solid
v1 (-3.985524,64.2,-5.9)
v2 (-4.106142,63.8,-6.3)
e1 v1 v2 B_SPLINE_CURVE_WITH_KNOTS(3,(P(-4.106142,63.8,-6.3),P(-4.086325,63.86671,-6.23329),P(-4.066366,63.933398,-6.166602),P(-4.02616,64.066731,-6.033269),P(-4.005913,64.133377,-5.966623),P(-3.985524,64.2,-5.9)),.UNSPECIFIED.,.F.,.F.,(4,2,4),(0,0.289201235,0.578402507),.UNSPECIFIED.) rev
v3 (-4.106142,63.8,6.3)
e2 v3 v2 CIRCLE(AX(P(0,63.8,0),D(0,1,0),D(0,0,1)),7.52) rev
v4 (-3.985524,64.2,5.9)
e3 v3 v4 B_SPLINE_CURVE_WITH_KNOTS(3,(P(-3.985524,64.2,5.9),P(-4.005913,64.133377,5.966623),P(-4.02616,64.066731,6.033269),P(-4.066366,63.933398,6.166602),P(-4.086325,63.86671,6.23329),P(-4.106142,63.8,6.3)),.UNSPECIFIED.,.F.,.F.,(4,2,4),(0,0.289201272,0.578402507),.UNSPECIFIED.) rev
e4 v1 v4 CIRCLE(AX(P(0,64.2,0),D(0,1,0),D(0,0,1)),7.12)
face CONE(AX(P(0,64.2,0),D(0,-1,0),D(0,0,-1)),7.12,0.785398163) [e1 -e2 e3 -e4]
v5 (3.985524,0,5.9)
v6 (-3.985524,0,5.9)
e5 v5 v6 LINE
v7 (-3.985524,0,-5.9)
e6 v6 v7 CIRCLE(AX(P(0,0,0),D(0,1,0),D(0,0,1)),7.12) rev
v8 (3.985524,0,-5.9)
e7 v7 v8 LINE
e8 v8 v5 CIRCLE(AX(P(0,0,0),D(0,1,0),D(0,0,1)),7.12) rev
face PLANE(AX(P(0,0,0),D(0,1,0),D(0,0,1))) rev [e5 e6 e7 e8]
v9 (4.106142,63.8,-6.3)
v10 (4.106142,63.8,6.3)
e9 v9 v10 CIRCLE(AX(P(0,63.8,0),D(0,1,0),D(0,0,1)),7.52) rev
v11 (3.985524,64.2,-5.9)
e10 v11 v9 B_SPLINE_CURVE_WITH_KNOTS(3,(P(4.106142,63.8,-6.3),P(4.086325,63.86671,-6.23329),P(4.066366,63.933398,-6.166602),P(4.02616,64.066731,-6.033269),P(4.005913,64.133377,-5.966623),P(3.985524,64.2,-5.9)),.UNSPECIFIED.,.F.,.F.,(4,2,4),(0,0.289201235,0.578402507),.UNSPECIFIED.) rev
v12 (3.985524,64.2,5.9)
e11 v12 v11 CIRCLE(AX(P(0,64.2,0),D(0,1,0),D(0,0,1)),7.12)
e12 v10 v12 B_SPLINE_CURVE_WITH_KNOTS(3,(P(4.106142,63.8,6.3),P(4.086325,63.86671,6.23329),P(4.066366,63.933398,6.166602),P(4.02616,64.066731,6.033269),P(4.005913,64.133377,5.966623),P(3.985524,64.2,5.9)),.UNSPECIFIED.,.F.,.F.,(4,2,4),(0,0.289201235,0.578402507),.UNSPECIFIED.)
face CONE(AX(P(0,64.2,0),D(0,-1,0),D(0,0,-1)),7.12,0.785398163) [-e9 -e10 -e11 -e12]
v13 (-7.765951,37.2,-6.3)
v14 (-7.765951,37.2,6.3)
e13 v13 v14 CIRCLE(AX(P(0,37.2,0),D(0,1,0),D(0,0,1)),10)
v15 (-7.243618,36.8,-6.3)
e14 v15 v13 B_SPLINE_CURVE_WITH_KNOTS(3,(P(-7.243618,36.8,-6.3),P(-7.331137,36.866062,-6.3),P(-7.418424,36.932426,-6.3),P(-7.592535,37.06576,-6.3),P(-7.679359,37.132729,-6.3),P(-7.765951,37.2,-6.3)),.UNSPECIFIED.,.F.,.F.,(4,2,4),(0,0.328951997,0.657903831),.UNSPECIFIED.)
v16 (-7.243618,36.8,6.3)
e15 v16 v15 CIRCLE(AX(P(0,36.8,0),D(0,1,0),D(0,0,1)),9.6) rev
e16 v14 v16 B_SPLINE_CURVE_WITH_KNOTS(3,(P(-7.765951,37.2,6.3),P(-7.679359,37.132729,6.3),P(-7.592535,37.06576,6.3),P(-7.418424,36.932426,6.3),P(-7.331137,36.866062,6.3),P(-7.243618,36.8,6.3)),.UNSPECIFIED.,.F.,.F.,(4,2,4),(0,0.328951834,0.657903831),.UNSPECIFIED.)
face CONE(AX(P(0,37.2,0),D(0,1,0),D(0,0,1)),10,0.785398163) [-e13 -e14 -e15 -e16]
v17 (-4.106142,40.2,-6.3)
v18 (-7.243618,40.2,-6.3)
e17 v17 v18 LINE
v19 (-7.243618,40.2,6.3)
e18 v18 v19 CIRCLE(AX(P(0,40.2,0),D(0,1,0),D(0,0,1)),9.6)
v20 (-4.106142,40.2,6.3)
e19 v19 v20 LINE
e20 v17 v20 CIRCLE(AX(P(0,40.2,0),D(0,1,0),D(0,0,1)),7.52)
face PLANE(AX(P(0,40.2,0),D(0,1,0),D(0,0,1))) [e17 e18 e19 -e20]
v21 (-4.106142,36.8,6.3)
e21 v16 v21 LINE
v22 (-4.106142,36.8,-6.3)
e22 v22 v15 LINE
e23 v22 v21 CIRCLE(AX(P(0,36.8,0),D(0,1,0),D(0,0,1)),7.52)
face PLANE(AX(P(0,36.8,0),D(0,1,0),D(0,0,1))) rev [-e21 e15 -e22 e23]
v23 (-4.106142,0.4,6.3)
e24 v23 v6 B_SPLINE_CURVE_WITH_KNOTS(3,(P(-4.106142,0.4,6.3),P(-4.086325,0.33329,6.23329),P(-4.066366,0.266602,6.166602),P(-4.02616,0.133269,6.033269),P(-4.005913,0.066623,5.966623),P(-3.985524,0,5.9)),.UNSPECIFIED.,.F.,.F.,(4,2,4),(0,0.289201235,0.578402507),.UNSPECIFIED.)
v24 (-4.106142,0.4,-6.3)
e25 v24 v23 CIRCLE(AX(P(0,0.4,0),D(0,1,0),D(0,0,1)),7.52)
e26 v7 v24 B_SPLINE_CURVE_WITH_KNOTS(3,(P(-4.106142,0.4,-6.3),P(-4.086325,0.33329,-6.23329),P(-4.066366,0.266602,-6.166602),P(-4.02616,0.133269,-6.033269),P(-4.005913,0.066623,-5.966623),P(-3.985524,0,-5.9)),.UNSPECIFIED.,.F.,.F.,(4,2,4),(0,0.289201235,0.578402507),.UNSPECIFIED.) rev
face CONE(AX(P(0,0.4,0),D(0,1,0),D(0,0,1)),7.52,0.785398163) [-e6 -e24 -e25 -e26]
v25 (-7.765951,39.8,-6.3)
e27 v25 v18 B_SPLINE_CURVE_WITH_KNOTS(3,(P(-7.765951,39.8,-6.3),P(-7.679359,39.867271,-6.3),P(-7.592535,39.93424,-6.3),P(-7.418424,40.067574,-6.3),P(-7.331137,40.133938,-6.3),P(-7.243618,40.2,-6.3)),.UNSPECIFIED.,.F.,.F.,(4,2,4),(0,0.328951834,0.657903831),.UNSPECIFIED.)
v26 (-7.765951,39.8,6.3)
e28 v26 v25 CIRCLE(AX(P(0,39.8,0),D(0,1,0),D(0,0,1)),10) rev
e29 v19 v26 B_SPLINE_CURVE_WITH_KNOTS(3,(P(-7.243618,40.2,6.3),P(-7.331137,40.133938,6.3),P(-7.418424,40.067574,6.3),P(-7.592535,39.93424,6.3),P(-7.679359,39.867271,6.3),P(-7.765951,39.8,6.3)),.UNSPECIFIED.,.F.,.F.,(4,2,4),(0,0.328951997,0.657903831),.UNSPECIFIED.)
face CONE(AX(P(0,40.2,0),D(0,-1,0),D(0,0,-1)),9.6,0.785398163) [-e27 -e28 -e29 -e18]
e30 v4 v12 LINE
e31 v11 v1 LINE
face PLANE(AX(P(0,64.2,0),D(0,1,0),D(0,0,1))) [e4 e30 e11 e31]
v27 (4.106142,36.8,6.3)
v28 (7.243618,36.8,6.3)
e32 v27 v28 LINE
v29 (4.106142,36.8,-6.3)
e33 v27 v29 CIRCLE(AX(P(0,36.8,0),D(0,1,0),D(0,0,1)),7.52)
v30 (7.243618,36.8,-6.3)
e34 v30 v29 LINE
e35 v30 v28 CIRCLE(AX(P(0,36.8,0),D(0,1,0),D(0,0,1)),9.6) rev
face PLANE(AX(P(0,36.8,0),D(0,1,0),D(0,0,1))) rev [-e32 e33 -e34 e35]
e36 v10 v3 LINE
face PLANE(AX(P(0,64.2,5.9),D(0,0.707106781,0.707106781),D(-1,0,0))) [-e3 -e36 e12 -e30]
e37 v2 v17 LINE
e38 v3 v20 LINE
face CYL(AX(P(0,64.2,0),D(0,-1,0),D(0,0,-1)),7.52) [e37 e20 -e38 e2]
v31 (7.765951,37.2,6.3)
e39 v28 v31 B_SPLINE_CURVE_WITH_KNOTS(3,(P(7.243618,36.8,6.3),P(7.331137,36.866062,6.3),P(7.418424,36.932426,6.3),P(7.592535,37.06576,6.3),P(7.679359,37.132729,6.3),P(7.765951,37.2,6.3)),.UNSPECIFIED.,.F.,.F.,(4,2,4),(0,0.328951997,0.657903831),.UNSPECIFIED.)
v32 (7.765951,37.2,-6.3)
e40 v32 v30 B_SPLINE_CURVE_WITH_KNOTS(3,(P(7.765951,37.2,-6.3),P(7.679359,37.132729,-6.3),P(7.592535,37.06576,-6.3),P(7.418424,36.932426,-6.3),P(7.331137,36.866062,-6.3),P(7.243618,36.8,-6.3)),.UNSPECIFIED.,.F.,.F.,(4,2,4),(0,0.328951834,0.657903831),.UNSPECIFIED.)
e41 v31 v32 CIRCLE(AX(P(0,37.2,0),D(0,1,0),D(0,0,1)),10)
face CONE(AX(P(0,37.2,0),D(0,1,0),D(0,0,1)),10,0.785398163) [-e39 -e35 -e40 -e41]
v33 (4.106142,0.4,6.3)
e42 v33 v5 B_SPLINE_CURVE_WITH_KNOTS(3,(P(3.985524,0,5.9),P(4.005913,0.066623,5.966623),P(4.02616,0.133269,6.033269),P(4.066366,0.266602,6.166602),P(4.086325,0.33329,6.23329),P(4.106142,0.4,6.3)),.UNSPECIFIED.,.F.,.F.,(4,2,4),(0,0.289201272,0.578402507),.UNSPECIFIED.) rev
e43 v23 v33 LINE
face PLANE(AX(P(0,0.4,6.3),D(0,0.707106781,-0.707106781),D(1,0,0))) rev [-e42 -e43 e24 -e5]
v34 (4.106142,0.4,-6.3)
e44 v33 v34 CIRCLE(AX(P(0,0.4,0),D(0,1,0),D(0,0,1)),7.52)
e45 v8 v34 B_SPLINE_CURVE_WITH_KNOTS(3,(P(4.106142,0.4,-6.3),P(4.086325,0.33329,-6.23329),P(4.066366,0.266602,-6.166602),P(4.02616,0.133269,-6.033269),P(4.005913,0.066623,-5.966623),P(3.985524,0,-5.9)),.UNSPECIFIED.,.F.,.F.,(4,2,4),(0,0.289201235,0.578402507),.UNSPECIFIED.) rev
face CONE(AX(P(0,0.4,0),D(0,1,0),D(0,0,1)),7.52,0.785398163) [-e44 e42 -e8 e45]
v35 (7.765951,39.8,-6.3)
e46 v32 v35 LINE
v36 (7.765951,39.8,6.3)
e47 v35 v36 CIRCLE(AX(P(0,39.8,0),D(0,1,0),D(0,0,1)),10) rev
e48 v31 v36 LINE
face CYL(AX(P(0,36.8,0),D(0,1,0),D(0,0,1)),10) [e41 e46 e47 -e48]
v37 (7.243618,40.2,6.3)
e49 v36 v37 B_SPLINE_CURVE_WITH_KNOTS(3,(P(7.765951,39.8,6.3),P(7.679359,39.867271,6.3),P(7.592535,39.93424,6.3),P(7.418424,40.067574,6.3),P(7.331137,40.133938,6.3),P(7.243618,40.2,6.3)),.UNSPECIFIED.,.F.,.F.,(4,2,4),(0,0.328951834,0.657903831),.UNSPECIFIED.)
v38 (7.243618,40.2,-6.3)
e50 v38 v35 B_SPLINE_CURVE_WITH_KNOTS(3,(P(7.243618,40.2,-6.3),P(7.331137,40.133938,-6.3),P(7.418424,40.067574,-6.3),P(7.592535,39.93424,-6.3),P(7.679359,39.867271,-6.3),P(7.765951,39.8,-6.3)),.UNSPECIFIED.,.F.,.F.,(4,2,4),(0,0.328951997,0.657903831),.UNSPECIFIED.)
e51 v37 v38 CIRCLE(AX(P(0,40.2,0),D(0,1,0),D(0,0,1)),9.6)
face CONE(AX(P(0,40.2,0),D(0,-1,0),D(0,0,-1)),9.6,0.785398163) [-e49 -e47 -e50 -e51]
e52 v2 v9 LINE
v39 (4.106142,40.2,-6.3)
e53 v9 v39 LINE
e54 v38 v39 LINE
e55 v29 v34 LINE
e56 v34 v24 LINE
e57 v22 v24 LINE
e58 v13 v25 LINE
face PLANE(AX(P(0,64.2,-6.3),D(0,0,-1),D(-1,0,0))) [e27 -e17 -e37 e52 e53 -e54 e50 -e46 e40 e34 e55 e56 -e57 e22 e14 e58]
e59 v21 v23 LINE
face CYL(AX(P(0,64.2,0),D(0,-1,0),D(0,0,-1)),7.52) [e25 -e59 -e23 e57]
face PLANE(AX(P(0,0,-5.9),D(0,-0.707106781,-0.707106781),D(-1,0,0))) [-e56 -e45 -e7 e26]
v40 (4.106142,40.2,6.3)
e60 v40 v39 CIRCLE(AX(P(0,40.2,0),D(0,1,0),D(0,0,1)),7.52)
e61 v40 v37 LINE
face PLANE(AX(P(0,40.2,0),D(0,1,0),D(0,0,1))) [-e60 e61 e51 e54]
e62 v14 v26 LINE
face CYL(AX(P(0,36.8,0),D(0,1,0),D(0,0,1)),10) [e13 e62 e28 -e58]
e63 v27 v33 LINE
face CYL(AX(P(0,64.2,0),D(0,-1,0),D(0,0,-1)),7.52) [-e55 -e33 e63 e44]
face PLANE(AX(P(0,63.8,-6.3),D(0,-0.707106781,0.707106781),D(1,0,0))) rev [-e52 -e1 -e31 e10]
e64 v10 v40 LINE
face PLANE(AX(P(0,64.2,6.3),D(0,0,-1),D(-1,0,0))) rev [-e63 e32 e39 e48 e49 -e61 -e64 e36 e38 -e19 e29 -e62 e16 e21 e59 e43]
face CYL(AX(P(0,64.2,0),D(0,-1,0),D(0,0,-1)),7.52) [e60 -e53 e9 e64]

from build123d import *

# Parameters (mm, degrees)
BOSS_EXTRUDE1_DEPTH = 64.2
CHAMFER1_SIZE       = 0.4
BOSS_EXTRUDE2_DEPTH = 3.4
CHAMFER2_SIZE       = 0.4


with BuildPart() as part:
    # Sketch1 → Boss-Extrude1 (new body)
    with BuildSketch(Plane(origin=(0, 0, 0), x_dir=(1, 0, 0), z_dir=(0, 1, 0))):
        with BuildLine():
            Line((-4.106141741, -6.3), (4.106141741, -6.3))
            ThreePointArc((4.106141741, -6.3), (7.52, 0), (4.106141741, 6.3))
            Line((4.106141741, 6.3), (-4.106141741, 6.3))
            ThreePointArc((-4.106141741, 6.3), (-7.52, 0), (-4.106141741, -6.3))
        make_face()
    extrude(amount=BOSS_EXTRUDE1_DEPTH)

    # Chamfer1
    chamfer1_edges = [part.edges().sort_by_distance(p)[0] for p in [
        (7.52, 64.2, 0),
        (0, 64.2, -6.3),
        (-7.52, 64.2, 0),
        (-7.52, 0, 0),
        (0, 64.2, 6.3),
        (0, 0, -6.3),
        (7.52, 0, 0),
        (0, 0, 6.3),
    ]]
    chamfer(chamfer1_edges, length=CHAMFER1_SIZE)

    # Sketch2 → Boss-Extrude2 (add)
    with BuildSketch(Plane(origin=(0, 40.2, 0), x_dir=(1, 0, 0), z_dir=(0, 1, 0))):
        with BuildLine():
            Line((-7.765951326, -6.3), (7.765951326, -6.3))
            ThreePointArc((7.765951326, -6.3), (10, 0), (7.765951326, 6.3))
            Line((7.765951326, 6.3), (-7.765951326, 6.3))
            ThreePointArc((-7.765951326, 6.3), (-10, 0), (-7.765951326, -6.3))
        make_face()
    extrude(amount=-BOSS_EXTRUDE2_DEPTH)

    # Chamfer2
    chamfer2_edges = [part.edges().sort_by_distance(p)[0] for p in [
        (10, 40.2, 0),
        (-10, 36.8, 0),
        (10, 36.8, 0),
        (-10, 40.2, 0),
    ]]
    chamfer(chamfer2_edges, length=CHAMFER2_SIZE)


solid = part.part
